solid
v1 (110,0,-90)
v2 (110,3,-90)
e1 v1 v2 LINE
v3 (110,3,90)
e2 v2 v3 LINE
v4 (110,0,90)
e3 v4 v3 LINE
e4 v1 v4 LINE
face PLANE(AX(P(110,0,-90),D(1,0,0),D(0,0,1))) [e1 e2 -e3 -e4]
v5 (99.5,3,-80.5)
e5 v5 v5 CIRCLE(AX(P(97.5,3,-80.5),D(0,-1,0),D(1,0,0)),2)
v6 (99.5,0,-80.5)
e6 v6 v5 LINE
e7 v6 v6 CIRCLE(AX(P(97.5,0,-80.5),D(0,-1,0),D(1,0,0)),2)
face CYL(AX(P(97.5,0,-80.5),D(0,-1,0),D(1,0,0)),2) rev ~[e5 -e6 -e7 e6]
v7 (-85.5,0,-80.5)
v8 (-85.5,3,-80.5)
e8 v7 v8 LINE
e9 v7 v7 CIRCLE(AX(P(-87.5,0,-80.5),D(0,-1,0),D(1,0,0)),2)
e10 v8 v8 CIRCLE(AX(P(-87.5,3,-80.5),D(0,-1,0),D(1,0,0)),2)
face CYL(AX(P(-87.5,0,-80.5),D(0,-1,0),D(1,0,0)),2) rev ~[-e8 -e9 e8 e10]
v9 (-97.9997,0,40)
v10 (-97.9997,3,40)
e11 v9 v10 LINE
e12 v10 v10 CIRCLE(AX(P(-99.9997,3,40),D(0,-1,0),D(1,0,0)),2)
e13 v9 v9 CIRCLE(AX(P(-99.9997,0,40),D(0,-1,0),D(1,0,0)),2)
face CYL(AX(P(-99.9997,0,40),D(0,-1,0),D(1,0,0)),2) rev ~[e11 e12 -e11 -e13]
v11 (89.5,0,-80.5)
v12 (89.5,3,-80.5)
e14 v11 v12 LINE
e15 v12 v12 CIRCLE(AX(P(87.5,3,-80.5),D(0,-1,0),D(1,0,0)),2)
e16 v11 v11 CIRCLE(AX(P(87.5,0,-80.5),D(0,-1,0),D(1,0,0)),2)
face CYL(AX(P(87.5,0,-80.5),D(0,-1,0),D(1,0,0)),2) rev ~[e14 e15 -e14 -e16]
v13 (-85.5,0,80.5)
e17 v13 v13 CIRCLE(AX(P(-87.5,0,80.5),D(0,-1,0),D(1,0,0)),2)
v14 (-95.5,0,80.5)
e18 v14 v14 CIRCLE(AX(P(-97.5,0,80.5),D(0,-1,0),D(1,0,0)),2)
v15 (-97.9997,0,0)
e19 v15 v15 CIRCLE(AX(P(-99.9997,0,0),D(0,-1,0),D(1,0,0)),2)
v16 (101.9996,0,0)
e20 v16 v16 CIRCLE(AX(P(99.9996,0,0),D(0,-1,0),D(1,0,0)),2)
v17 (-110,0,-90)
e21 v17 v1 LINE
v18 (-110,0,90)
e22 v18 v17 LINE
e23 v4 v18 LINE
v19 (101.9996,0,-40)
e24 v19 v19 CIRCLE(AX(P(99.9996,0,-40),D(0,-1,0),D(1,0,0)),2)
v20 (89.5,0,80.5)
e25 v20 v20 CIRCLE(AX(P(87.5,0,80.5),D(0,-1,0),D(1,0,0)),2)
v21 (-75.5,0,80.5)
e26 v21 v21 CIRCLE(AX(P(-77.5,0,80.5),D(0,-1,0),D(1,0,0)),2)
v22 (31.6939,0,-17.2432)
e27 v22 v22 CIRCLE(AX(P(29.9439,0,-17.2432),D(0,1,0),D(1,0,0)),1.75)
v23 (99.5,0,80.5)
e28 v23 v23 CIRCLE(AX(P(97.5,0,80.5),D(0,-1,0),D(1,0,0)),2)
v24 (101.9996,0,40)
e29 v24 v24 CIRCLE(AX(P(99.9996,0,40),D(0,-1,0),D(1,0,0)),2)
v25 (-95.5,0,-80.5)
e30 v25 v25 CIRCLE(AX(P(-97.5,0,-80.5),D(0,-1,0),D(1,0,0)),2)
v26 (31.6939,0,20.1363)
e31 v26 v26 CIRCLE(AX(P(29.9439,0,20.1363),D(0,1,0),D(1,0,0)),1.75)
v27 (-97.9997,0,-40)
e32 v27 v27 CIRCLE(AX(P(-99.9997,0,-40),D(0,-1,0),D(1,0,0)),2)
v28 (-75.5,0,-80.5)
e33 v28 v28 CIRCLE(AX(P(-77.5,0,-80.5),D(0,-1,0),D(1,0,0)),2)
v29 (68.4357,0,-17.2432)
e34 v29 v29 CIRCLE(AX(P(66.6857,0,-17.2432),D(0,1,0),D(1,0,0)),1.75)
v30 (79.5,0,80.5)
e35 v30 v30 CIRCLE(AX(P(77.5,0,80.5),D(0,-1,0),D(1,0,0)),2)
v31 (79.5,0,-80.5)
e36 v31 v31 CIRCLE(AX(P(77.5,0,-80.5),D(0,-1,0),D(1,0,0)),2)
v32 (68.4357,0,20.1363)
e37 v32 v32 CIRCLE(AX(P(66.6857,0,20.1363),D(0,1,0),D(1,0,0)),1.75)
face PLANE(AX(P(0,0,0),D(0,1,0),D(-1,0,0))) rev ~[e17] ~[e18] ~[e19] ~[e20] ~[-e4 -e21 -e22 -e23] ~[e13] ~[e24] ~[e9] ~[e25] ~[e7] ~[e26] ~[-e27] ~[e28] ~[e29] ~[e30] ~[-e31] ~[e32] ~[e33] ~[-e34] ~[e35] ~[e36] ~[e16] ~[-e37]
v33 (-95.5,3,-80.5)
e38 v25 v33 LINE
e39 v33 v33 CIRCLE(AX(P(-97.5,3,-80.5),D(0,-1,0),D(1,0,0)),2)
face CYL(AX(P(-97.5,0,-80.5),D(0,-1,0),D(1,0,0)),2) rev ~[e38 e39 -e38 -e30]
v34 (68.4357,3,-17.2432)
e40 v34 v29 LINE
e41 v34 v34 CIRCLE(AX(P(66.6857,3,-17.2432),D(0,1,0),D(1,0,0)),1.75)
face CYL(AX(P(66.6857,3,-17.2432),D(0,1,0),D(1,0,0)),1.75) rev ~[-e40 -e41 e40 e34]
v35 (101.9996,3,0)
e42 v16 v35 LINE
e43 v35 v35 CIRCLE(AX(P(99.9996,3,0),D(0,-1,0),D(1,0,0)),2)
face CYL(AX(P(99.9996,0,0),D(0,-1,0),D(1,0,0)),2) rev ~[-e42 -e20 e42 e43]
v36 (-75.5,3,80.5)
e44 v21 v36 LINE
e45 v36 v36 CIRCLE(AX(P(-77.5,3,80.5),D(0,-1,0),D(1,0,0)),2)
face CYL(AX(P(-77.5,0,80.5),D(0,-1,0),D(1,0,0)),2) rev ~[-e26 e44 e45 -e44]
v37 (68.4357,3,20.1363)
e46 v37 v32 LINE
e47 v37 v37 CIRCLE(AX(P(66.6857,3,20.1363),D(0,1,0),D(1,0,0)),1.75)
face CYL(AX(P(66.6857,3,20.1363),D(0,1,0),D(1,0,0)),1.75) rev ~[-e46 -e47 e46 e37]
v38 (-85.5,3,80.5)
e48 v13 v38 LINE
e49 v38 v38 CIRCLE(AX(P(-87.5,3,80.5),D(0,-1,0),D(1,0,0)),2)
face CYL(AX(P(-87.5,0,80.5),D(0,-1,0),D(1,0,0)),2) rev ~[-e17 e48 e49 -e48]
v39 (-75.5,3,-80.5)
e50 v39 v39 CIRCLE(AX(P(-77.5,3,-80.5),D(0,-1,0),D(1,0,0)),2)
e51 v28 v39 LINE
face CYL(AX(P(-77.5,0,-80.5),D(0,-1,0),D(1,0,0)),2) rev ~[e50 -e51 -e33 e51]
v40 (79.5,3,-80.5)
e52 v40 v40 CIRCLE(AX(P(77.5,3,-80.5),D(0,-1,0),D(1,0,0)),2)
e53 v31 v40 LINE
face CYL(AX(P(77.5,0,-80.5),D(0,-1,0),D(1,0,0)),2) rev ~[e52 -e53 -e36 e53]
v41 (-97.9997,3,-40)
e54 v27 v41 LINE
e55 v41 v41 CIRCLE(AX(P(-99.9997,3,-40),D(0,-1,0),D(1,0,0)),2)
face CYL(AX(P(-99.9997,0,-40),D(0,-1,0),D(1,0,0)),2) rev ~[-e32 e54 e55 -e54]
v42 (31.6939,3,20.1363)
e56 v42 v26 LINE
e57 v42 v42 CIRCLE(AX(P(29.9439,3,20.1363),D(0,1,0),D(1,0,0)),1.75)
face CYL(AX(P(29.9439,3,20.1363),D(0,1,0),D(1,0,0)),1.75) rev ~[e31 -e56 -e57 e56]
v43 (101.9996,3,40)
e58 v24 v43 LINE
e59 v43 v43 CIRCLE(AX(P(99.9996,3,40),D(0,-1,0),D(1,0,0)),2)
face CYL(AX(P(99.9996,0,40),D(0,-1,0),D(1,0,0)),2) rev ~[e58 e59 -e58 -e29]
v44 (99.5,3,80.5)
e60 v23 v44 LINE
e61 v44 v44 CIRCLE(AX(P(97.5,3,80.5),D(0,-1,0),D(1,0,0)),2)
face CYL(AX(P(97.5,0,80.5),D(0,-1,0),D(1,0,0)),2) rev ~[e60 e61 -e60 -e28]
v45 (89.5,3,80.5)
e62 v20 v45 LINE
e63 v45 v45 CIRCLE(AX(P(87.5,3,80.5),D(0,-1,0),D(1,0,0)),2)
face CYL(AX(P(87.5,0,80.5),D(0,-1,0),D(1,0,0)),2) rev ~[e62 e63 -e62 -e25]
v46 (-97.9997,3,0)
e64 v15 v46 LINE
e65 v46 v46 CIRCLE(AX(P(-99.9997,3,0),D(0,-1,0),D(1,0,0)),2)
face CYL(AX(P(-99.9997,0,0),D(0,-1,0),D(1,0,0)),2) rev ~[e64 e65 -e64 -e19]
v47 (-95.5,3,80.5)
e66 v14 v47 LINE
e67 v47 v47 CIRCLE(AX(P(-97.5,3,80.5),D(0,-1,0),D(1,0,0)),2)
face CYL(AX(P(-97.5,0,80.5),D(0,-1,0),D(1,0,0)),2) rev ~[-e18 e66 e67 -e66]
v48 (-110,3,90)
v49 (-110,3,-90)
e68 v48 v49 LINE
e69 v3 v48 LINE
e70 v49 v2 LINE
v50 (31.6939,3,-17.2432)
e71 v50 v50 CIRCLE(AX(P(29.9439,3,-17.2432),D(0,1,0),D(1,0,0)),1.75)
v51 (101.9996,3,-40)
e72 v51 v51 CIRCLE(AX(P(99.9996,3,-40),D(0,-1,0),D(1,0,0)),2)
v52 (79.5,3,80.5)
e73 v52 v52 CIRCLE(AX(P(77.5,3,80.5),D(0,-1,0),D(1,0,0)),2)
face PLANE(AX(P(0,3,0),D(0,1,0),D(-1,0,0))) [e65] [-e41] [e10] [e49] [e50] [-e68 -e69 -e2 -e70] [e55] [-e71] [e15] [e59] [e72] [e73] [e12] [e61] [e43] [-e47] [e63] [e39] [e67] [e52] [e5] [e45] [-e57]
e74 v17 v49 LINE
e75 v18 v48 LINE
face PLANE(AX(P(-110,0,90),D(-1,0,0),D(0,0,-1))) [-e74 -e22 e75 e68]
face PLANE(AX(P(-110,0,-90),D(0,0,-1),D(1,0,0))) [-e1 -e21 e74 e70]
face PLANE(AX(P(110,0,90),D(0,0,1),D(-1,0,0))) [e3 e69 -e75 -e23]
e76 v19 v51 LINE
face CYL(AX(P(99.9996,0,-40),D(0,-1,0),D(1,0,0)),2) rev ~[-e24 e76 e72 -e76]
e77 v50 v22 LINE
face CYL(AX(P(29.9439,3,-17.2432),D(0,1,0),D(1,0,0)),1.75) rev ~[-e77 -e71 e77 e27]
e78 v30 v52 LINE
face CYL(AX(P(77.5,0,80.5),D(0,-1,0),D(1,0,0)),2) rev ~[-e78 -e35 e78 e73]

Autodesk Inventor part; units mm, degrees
ref_plane "YZ Plane" through (0, 0, 0) normal (1, 0, 0) x (0, 1, 0)
ref_plane "XZ Plane" through (0, 0, 0) normal (0, 1, 0) x (-1, 0, 0)
ref_plane "XY Plane" through (0, 0, 0) normal (0, 0, 1) x (1, 0, 0)
sketch "Эскиз1" plane through (0, 0, 0) normal (0, 1, 0) x (-1, 0, 0)
  line L0 (-110, 90) -> (110, 90)
  line L1 (110, 90) -> (110, -90)
  line L2 (110, -90) -> (-110, -90)
  line L3 (-110, -90) -> (-110, 90)
  line L4 (-110, 90) -> (110, -90) construction
  line L5 (110, 90) -> (-110, -90) construction
  point P0 (0, 0)
  dimension "d0" = 220
  dimension "d1" = 180
extrude "Выдавливание1" add sketch "Эскиз1" along normal blind 3
sketch "Эскиз4" plane through (0, 0, 0) normal (0, -1, 0) x (1, 0, 0)
  circle A0 centre (99.9996, -40) radius 2 projected
  circle A1 centre (99.9996, 0) radius 2 projected
  circle A2 centre (99.9996, 40) radius 2 projected
  circle A3 centre (-99.9997, 0) radius 2 projected
  circle A4 centre (-99.9997, -40) radius 2 projected
  circle A5 centre (-99.9997, 40) radius 2 projected
  point P0 (0, 0)
extrude "Выдавливание4" cut sketch "Эскиз4" against normal blind 3
sketch "Эскиз5" plane through (0, 0, 0) normal (0, -1, 0) x (1, 0, 0)
  circle A0 centre (-97.5, 80.5) radius 2 projected
  circle A1 centre (-87.5, 80.5) radius 2 projected
  circle A2 centre (-77.5, 80.5) radius 2 projected
  circle A3 centre (-97.5, -80.5) radius 2 projected
  circle A4 centre (-87.5, -80.5) radius 2 projected
  circle A5 centre (-77.5, -80.5) radius 2 projected
  circle A6 centre (77.5, -80.5) radius 2 projected
  circle A7 centre (87.5, -80.5) radius 2 projected
  circle A8 centre (97.5, -80.5) radius 2 projected
  circle A9 centre (87.5, 80.5) radius 2 projected
  circle A10 centre (97.5, 80.5) radius 2 projected
  circle A11 centre (77.5, 80.5) radius 2 projected
  point P0 (0, 0)
extrude "Выдавливание5" cut sketch "Эскиз5" against normal blind 10
sketch "Эскиз6" plane through (0, 3, 0) normal (0, 1, 0) x (1, 0, 0)
  circle A0 centre (66.6857, -20.1363) radius 1.75 projected
  circle A1 centre (29.9439, -20.1363) radius 1.75 projected
  circle A2 centre (29.9439, 17.2432) radius 1.75 projected
  circle A3 centre (66.6857, 17.2432) radius 1.75 projected
  point P0 (0, 0)
extrude "Выдавливание6" cut sketch "Эскиз6" against normal blind 10
properties part number "000.001 - Bottom"
